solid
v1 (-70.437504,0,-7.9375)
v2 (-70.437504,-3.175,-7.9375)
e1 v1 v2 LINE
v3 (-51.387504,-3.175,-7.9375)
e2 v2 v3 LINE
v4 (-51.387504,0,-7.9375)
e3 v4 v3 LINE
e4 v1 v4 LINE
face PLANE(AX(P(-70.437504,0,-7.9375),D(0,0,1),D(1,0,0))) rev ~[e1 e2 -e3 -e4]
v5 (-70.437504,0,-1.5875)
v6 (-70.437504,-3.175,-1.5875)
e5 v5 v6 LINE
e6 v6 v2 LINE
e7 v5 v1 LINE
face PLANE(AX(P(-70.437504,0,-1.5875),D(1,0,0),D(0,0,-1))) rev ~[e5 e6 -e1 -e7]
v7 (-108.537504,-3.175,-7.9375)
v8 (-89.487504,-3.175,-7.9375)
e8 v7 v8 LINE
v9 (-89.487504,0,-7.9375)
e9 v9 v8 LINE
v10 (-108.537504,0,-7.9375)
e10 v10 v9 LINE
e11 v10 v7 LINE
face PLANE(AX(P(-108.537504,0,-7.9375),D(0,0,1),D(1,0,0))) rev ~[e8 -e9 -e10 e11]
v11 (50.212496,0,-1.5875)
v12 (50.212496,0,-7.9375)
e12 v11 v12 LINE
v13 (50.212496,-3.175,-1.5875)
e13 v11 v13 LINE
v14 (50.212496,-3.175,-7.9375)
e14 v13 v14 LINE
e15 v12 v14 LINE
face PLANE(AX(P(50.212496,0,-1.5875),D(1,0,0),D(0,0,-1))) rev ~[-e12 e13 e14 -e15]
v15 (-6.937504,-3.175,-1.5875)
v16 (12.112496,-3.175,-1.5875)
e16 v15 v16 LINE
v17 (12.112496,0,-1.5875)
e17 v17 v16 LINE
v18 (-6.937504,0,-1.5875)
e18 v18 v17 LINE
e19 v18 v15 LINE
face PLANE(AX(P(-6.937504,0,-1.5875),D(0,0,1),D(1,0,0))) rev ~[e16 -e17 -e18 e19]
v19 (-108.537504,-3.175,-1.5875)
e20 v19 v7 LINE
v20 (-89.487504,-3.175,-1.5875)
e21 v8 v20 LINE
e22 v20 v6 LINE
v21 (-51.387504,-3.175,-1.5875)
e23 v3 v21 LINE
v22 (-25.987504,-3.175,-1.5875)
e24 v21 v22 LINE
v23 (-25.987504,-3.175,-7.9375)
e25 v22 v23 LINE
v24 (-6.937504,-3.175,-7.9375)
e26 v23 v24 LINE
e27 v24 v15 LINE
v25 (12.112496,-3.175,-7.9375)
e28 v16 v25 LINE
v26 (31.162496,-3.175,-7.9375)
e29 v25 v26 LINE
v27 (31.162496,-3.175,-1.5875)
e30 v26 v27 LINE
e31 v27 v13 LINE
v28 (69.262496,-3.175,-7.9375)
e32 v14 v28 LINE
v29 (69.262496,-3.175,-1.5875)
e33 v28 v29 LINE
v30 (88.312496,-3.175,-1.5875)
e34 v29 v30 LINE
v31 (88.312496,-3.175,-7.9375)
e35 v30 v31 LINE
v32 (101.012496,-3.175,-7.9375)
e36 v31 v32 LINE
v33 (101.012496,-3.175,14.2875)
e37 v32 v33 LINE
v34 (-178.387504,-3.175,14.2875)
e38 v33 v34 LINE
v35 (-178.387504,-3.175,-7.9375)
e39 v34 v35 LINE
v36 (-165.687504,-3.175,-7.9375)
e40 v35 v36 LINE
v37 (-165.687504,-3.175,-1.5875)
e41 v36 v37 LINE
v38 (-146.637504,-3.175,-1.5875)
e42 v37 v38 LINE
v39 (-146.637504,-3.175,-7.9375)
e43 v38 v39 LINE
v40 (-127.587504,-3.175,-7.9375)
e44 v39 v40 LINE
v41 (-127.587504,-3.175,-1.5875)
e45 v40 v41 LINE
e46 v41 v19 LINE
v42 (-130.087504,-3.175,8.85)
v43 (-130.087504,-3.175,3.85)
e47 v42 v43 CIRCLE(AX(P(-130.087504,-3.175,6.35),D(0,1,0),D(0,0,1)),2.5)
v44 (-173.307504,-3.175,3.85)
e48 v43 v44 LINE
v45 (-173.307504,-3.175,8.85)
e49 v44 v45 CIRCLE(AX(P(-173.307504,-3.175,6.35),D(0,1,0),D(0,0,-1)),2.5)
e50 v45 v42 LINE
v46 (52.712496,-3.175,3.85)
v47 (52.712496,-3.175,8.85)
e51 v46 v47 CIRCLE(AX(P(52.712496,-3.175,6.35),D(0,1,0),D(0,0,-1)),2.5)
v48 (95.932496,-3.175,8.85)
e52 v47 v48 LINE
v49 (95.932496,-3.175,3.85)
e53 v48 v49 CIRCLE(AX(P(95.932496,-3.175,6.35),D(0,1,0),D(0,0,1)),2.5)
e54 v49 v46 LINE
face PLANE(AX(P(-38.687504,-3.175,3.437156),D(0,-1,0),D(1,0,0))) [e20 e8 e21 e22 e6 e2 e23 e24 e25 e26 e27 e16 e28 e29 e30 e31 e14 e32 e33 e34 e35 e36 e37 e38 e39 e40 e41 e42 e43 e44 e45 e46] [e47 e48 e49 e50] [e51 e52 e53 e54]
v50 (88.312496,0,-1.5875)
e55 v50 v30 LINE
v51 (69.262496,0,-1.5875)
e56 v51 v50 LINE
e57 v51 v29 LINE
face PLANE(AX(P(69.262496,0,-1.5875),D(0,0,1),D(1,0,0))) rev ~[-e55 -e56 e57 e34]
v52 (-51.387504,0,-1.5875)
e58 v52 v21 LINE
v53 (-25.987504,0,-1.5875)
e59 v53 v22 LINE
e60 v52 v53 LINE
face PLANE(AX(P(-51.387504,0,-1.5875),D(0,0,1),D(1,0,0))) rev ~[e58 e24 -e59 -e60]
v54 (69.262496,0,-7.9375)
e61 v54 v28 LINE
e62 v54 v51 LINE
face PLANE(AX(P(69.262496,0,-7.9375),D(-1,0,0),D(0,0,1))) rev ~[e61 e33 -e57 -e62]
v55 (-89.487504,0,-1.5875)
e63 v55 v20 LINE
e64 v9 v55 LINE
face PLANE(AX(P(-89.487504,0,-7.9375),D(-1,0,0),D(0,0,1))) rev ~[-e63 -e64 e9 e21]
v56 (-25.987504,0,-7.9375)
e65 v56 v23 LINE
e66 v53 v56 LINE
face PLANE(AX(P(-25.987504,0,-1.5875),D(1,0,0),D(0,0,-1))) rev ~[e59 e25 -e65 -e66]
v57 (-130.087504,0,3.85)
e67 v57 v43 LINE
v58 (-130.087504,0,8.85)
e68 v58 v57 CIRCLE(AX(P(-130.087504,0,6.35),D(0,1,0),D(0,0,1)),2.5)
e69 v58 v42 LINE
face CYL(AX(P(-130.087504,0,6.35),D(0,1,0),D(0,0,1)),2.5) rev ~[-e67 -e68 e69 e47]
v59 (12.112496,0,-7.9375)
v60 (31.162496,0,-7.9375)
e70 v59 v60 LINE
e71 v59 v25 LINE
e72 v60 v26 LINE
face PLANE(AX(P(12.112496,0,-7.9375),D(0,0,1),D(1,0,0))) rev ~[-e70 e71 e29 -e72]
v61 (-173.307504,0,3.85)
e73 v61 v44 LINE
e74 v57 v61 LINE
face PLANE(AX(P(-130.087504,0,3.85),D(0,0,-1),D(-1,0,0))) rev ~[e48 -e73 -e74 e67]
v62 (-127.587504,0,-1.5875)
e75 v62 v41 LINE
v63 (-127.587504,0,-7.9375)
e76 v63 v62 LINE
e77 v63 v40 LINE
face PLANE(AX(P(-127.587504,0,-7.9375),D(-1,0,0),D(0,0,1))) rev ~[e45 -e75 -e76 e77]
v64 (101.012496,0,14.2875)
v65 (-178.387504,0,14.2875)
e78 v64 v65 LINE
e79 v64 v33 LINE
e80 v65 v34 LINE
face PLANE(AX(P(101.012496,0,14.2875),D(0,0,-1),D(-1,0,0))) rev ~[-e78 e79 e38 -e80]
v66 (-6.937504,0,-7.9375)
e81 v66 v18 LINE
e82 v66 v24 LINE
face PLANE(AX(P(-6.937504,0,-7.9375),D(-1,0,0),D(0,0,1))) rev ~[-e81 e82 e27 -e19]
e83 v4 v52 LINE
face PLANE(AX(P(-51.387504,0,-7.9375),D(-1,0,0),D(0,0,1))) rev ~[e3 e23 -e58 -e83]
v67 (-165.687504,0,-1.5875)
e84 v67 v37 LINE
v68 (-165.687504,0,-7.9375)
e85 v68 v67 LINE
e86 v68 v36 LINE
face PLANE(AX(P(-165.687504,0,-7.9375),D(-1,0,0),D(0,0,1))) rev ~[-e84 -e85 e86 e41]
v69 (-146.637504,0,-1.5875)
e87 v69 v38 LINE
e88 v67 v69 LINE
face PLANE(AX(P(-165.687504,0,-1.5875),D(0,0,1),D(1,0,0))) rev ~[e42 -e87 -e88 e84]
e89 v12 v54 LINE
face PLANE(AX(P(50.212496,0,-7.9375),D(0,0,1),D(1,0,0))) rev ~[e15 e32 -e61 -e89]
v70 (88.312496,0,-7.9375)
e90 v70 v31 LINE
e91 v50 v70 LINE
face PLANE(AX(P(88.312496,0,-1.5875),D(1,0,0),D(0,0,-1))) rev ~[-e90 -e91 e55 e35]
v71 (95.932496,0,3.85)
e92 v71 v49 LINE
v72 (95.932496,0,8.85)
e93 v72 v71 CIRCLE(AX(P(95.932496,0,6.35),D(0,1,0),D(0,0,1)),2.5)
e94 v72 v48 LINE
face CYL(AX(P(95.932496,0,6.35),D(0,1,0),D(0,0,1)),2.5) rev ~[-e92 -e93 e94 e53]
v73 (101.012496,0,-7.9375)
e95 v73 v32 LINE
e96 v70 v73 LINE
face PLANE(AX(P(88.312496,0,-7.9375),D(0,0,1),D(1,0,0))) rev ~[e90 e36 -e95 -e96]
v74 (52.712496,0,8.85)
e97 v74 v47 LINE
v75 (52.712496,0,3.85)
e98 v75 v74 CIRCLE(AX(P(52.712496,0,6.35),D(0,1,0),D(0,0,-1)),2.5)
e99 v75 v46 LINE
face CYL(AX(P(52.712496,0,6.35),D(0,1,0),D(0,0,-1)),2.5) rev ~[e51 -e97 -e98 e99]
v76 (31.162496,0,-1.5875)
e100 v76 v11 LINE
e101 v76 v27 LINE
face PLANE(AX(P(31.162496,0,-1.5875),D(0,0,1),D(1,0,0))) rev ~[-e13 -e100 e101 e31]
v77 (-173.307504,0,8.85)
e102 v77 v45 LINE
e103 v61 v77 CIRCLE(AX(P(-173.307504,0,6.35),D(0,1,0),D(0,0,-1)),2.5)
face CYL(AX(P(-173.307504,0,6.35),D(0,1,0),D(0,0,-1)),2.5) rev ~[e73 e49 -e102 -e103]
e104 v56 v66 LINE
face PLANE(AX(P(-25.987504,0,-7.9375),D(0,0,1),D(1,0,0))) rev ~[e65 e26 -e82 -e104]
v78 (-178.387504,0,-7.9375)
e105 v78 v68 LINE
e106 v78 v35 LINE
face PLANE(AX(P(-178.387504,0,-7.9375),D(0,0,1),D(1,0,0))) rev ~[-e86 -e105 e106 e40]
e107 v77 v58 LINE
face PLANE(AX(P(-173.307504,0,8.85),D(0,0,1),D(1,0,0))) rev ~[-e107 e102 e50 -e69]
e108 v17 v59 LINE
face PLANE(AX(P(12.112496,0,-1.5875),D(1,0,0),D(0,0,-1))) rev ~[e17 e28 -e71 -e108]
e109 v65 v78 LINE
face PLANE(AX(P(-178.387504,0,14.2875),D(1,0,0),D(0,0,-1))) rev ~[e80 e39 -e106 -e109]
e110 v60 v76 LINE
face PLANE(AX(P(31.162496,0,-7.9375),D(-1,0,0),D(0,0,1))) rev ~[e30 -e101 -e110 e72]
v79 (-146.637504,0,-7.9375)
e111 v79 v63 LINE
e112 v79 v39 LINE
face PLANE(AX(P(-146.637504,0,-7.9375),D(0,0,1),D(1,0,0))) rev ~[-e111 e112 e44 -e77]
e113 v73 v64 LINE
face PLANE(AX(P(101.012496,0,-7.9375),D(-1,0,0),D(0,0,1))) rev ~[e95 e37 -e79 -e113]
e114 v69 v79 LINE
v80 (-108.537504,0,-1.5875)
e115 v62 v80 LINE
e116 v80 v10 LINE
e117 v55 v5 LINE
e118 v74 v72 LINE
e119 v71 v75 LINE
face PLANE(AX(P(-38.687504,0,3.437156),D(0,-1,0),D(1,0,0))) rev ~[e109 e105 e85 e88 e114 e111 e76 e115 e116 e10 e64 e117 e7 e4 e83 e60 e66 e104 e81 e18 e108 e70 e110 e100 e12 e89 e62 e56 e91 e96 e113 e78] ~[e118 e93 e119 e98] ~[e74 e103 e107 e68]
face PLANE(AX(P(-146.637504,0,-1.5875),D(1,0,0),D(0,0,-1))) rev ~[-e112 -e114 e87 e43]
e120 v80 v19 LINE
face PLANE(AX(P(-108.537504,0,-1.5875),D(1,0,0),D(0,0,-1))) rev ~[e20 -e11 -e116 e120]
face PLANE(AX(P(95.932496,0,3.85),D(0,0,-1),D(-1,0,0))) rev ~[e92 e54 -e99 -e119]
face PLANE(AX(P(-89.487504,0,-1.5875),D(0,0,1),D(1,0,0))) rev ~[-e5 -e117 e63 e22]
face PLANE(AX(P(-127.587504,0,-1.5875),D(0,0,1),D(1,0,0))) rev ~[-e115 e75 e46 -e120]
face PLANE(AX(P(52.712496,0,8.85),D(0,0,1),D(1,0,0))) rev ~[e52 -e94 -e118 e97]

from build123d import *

# Parameters (mm, degrees)
F1_DEPTH = 3.175


with BuildPart() as f1:
    # F0 (on Front) → F1 (new body)
    with BuildSketch(Plane.XZ):
        Polygon((-178.387504, -7.9375), (-165.687504, -7.9375), (-165.687504, -1.5875), (-146.637504, -1.5875), (-146.637504, -7.9375), (-127.587504, -7.9375), (-127.587504, -1.5875), (-108.537504, -1.5875), (-108.537504, -7.9375), (-89.487504, -7.9375), (-89.487504, -1.5875), (-70.437504, -1.5875), (-70.437504, -7.9375), (-51.387504, -7.9375), (-51.387504, -1.5875), (-25.987504, -1.5875), (-25.987504, -7.9375), (-6.937504, -7.9375), (-6.937504, -1.5875), (12.112496, -1.5875), (12.112496, -7.9375), (31.162496, -7.9375), (31.162496, -1.5875), (50.212496, -1.5875), (50.212496, -7.9375), (69.262496, -7.9375), (69.262496, -1.5875), (88.312496, -1.5875), (88.312496, -7.9375), (101.012496, -7.9375), (101.012496, 14.2875), (-178.387504, 14.2875), align=None)
        with BuildLine():
            Line((-173.307504, 8.85), (-130.087504, 8.85))
            ThreePointArc((-130.087504, 8.85), (-127.587504, 6.35), (-130.087504, 3.85))
            Line((-130.087504, 3.85), (-173.307504, 3.85))
            ThreePointArc((-173.307504, 3.85), (-175.807504, 6.35), (-173.307504, 8.85))
        make_face(mode=Mode.SUBTRACT)
        with BuildLine():
            ThreePointArc((52.712496, 3.85), (50.212496, 6.35), (52.712496, 8.85))
            Line((52.712496, 8.85), (95.932496, 8.85))
            ThreePointArc((95.932496, 8.85), (98.432496, 6.35), (95.932496, 3.85))
            Line((95.932496, 3.85), (52.712496, 3.85))
        make_face(mode=Mode.SUBTRACT)
    extrude(amount=F1_DEPTH)


solid = f1.part
